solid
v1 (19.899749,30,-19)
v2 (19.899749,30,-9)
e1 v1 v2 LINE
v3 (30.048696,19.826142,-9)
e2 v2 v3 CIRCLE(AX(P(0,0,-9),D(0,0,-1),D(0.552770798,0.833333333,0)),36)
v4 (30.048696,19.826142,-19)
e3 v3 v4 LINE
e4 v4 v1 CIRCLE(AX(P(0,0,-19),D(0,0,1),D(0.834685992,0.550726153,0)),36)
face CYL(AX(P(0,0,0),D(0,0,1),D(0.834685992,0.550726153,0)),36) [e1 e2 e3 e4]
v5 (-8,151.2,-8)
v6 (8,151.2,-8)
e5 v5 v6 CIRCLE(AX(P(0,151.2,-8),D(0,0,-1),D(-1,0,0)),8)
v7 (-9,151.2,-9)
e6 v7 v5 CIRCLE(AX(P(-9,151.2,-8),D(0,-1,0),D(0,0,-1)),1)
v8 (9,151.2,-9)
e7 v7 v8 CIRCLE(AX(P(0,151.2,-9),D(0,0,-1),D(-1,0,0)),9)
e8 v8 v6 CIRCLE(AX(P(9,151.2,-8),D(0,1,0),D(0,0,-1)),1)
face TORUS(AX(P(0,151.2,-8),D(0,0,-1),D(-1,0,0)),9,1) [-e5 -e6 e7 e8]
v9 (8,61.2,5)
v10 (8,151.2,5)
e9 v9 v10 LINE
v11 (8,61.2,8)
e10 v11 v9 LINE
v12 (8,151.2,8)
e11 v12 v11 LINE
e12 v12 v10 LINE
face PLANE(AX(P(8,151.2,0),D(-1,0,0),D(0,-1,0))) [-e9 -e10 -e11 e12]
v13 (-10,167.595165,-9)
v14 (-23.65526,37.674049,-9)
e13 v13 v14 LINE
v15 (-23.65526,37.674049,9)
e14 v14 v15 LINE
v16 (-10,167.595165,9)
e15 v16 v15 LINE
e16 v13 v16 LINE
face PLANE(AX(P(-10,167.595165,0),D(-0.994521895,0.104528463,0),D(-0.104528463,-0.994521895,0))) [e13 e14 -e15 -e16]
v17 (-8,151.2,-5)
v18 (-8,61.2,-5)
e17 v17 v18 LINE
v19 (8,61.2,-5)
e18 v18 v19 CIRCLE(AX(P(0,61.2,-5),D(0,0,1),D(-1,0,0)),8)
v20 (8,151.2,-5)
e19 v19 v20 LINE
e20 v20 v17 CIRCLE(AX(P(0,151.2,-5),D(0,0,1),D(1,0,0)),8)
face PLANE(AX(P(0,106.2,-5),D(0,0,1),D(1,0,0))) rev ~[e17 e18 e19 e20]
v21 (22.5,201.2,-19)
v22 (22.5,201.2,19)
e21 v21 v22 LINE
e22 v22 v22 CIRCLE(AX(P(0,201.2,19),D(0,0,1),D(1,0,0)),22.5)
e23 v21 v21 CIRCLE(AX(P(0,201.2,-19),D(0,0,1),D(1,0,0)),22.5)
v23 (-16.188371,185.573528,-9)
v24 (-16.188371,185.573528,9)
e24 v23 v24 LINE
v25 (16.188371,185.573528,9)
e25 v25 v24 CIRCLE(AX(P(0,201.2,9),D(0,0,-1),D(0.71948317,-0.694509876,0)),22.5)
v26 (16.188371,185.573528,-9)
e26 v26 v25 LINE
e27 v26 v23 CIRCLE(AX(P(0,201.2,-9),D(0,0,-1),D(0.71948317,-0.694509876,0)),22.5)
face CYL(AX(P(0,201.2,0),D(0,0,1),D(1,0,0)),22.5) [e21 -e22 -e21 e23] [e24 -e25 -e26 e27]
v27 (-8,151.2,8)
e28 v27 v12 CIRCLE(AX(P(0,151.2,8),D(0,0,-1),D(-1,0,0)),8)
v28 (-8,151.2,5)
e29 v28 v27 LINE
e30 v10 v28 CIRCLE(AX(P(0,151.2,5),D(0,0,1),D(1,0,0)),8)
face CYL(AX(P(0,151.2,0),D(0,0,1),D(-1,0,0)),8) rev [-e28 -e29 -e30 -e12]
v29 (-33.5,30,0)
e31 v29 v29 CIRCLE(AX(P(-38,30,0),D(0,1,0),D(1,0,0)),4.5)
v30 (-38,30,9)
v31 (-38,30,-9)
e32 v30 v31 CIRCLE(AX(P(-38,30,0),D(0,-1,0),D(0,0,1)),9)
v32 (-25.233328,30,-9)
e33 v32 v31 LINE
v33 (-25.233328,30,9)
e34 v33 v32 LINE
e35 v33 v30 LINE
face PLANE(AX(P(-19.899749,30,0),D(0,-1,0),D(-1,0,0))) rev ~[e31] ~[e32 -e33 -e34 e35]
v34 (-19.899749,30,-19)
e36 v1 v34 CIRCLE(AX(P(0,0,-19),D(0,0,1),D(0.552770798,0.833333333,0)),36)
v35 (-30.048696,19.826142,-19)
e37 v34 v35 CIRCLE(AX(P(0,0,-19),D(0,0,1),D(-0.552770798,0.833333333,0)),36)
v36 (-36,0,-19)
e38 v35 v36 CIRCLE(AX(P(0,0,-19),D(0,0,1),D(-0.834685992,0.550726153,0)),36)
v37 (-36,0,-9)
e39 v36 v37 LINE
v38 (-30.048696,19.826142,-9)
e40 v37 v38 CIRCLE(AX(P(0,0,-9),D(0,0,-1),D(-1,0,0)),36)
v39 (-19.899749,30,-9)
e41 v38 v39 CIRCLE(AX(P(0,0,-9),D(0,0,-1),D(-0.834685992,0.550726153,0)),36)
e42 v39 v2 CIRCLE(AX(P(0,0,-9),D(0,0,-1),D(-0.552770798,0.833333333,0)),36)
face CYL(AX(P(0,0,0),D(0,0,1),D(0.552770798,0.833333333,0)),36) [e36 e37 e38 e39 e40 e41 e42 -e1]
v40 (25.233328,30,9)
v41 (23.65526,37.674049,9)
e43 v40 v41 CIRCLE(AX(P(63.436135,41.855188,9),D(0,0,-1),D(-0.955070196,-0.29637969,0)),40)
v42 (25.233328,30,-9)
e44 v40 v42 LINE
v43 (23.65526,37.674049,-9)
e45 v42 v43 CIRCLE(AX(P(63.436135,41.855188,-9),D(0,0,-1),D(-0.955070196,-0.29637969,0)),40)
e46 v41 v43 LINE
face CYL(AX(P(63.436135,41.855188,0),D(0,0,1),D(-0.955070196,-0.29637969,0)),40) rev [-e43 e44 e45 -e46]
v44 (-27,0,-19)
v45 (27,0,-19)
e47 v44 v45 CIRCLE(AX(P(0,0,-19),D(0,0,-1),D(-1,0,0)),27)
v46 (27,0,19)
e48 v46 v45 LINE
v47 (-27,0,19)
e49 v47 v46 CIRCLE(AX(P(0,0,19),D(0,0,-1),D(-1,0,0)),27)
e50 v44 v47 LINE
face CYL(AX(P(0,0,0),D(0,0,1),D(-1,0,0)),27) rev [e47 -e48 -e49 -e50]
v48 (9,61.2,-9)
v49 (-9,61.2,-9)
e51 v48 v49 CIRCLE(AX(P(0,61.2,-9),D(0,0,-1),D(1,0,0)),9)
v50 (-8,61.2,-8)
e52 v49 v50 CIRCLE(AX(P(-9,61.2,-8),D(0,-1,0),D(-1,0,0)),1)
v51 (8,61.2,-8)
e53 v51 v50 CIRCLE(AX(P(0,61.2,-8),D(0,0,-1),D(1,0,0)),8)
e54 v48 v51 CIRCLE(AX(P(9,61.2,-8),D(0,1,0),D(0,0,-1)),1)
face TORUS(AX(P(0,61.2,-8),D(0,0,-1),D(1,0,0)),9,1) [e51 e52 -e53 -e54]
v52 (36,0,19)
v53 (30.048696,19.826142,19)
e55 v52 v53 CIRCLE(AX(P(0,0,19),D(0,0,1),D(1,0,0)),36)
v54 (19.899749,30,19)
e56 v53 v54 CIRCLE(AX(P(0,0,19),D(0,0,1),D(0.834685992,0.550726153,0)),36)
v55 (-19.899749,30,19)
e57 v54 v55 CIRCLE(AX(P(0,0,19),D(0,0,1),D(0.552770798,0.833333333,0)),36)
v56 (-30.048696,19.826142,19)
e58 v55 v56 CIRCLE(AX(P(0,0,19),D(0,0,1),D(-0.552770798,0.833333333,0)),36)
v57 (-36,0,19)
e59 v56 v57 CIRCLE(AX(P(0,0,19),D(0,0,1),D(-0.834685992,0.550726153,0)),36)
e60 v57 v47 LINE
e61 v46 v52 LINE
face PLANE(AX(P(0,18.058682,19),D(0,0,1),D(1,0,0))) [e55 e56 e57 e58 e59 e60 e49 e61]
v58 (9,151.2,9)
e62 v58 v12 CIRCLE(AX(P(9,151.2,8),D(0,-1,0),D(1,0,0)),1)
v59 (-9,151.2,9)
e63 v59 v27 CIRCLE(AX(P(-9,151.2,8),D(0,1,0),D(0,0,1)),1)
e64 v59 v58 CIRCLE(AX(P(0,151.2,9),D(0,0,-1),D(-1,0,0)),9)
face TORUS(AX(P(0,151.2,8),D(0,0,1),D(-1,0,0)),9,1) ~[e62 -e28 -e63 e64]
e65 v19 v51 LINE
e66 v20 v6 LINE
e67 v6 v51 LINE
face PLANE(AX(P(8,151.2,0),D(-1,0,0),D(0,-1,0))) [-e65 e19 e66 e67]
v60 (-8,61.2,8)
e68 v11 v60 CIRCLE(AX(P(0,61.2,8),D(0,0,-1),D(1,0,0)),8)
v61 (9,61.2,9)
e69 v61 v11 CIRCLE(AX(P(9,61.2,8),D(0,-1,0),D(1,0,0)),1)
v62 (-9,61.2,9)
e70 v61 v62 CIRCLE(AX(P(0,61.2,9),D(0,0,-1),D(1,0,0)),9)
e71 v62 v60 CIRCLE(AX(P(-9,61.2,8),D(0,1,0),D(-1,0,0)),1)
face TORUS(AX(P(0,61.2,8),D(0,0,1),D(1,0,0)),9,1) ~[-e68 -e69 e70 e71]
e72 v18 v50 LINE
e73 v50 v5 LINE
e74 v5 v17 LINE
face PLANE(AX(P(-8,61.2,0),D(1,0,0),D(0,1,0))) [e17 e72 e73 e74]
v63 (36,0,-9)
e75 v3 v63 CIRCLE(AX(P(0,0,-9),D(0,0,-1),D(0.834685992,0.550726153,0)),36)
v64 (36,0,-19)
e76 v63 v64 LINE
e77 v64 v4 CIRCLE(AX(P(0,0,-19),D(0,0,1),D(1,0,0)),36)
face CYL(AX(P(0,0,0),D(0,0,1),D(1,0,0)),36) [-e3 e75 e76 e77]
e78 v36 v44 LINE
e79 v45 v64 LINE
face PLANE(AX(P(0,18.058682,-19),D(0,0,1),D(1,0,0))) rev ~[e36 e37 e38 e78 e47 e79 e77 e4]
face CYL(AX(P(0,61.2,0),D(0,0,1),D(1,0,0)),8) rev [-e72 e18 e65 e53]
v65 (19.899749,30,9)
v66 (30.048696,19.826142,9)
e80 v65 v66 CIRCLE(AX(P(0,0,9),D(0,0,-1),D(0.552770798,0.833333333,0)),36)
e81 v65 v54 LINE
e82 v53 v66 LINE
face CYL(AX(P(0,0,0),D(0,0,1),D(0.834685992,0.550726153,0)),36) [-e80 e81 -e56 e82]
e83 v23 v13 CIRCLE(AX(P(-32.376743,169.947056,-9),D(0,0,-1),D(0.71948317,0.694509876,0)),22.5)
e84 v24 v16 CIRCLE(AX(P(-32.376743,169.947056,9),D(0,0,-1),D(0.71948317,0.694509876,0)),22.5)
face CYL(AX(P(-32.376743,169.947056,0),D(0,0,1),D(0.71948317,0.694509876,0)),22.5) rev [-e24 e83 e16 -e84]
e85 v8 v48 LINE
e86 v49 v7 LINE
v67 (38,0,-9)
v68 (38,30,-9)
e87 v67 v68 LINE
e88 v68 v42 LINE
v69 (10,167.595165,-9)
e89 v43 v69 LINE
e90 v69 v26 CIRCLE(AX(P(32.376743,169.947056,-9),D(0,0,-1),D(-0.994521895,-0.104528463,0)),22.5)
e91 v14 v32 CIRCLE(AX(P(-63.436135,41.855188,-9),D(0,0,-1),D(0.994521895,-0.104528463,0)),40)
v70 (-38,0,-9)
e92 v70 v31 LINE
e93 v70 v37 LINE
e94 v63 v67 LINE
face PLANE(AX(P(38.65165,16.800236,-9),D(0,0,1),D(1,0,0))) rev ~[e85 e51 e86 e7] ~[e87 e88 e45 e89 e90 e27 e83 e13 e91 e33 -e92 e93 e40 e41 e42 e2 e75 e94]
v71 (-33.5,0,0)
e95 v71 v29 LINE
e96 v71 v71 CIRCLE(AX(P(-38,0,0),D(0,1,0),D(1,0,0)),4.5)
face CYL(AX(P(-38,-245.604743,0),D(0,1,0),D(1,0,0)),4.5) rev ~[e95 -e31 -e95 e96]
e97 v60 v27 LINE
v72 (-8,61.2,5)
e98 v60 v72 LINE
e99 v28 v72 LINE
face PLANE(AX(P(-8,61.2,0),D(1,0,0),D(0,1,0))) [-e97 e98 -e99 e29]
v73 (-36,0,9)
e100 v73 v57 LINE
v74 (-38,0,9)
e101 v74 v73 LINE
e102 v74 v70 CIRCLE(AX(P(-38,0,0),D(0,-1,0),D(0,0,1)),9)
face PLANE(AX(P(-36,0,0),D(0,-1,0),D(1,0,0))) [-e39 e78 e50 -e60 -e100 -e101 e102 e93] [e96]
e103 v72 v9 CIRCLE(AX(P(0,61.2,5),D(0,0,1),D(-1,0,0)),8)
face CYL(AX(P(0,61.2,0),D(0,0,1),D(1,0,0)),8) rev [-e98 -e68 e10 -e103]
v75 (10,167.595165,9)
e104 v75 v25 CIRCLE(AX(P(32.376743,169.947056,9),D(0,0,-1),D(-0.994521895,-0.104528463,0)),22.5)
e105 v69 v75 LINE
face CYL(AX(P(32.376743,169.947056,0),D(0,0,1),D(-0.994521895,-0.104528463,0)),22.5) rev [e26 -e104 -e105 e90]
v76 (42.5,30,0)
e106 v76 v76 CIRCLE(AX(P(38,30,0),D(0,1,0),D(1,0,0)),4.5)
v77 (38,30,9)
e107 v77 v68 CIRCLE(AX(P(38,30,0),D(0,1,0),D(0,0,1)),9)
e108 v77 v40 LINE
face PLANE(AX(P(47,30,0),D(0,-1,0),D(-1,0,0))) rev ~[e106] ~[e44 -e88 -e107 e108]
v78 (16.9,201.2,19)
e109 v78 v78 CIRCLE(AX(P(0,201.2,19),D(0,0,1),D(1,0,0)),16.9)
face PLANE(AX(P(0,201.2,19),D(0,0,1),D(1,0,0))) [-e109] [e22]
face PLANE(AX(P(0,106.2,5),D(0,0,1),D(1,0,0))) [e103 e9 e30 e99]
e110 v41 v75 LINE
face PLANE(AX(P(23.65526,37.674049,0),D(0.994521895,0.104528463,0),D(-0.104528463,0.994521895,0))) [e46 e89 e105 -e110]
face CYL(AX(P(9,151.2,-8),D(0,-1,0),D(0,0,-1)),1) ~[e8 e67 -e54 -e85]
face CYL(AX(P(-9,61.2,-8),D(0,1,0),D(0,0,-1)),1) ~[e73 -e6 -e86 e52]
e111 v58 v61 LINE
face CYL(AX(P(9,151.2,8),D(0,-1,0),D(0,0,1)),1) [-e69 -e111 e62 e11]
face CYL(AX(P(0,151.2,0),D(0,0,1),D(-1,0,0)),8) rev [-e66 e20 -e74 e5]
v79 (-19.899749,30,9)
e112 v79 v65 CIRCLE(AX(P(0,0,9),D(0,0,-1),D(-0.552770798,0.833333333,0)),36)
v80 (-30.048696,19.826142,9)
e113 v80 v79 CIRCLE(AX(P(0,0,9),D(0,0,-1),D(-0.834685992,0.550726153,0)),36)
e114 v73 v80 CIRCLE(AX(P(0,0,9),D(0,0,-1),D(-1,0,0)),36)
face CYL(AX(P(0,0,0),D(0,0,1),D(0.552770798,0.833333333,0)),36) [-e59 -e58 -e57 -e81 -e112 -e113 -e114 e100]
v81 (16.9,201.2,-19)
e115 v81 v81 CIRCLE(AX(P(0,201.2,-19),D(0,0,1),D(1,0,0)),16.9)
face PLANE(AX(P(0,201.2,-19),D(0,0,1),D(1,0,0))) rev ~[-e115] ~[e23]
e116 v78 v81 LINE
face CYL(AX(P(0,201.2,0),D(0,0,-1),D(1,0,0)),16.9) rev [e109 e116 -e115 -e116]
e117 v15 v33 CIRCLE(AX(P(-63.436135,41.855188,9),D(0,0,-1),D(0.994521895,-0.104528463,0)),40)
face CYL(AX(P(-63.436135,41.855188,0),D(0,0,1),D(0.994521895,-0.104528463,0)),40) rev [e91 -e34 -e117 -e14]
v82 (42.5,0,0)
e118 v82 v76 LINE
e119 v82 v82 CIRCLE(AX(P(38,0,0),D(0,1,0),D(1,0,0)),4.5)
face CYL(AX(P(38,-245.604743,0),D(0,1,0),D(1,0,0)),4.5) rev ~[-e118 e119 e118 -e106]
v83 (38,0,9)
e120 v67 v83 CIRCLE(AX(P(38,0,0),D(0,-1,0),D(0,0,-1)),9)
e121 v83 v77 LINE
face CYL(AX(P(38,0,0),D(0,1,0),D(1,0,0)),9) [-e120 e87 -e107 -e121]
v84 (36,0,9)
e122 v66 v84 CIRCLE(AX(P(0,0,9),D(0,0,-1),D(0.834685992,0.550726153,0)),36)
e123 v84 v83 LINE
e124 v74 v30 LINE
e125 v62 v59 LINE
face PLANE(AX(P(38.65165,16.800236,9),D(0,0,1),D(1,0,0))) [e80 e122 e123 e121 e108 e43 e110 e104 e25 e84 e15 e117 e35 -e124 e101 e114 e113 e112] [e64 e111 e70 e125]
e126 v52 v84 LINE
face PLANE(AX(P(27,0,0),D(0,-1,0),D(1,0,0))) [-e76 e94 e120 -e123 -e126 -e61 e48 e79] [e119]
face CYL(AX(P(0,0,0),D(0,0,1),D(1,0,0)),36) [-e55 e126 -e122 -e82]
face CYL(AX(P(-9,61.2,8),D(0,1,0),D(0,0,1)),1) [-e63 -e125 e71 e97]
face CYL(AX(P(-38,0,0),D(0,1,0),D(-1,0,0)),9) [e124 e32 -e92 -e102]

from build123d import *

# Parameters (mm, degrees)
SKETCH1_R              = 22.5
SKETCH1_R_2            = 16.9
BOSS_EXTRUDE1_DEPTH    = 19
BOSS_EXTRUDE1_2_DEPTH  = 19
BOSS_EXTRUDE2_DEPTH    = 9
BOSS_EXTRUDE3_DEPTH    = 9
FILLET1_RADIUS         = 9
FILLET1_LENGTH         = 30
FILLET2_RADIUS         = 9
FILLET2_LENGTH         = 30
BOSS_EXTRUDE4_DEPTH    = 5
FILLET3_R              = 1
M10X1_5_TAPPED_HOLE1_D = 9


with BuildPart() as part:
    # Sketch1 → Boss-Extrude1 (new, symmetric)
    with BuildSketch(Plane.XY):
        with Locations((0, 201.2)):
            Circle(SKETCH1_R)
        with Locations((0, 201.2)):
            Circle(SKETCH1_R_2, mode=Mode.SUBTRACT)
    extrude(amount=BOSS_EXTRUDE1_DEPTH, both=True)



with BuildPart() as body_2:
    # Sketch1 → Boss-Extrude1 2 (new, symmetric)
    with BuildSketch(Plane.XY):
        with BuildLine():
            ThreePointArc((30.048695698, 19.826141501), (25.487028558, 25.424621439), (19.899748742, 30))
            ThreePointArc((19.899748742, 30), (0, 36), (-19.899748742, 30))
            ThreePointArc((-19.899748742, 30), (-25.487028558, 25.424621439), (-30.048695698, 19.826141501))
            ThreePointArc((-30.048695698, 19.826141501), (-34.480088784, 10.350047219), (-36, 0))
            Line((-36, 0), (-27, 0))
            ThreePointArc((-27, 0), (0, 27), (27, 0))
            Line((27, 0), (36, 0))
            ThreePointArc((36, 0), (34.480088784, 10.350047219), (30.048695698, 19.826141501))
        make_face()
    extrude(amount=BOSS_EXTRUDE1_2_DEPTH, both=True)


with BuildPart() as part_1:
    add(part.part)

    add(body_2.part)  # Boss-Extrude2 merges body 2
    # Sketch1<3> → Boss-Extrude2 (add, symmetric)
    with BuildSketch(Plane.XY):
        with BuildLine():
            Line((23.655259549, 37.674049083), (10, 167.595165145))
            ThreePointArc((10, 167.595165145), (11.1018188, 177.270143397), (16.188371323, 185.573527784))
            ThreePointArc((16.188371323, 185.573527784), (0, 178.7), (-16.188371323, 185.573527784))
            ThreePointArc((-16.188371323, 185.573527784), (-11.1018188, 177.270143397), (-10, 167.595165145))
            Line((-10, 167.595165145), (-23.655259549, 37.674049083))
            ThreePointArc((-23.655259549, 37.674049083), (-24.2559556, 33.798295304), (-25.233327526, 30))
            Line((-25.233327526, 30), (-19.899748742, 30))
            ThreePointArc((-19.899748742, 30), (0, 36), (19.899748742, 30))
            Line((19.899748742, 30), (25.233327526, 30))
            ThreePointArc((25.233327526, 30), (24.2559556, 33.798295304), (23.655259549, 37.674049083))
        make_face()
        with BuildLine():
            ThreePointArc((-8, 151.2), (0, 159.2), (8, 151.2))
            Line((8, 151.2), (8, 61.2))
            ThreePointArc((8, 61.2), (0, 53.2), (-8, 61.2))
            Line((-8, 61.2), (-8, 151.2))
        make_face(mode=Mode.SUBTRACT)
    extrude(amount=BOSS_EXTRUDE2_DEPTH, both=True)

    # Sketch1<4> → Boss-Extrude3 (add, symmetric)
    with BuildSketch(Plane.XY):
        with BuildLine():
            Line((47, 30), (25.233327526, 30))
            ThreePointArc((25.233327526, 30), (27.281360664, 24.742845095), (30.048695698, 19.826141501))
            ThreePointArc((30.048695698, 19.826141501), (34.480088784, 10.350047219), (36, 0))
            Line((36, 0), (47, 0))
            Line((47, 0), (47, 30))
        make_face()
        with BuildLine():
            ThreePointArc((30.048695698, 19.826141501), (27.281360664, 24.742845095), (25.233327526, 30))
            Line((25.233327526, 30), (19.899748742, 30))
            ThreePointArc((19.899748742, 30), (25.487028558, 25.424621439), (30.048695698, 19.826141501))
        make_face()
        with BuildLine():
            ThreePointArc((-30.048695698, 19.826141501), (-25.487028558, 25.424621439), (-19.899748742, 30))
            Line((-19.899748742, 30), (-25.233327526, 30))
            ThreePointArc((-25.233327526, 30), (-27.281360664, 24.742845095), (-30.048695698, 19.826141501))
        make_face()
        with BuildLine():
            ThreePointArc((-30.048695698, 19.826141501), (-27.281360664, 24.742845095), (-25.233327526, 30))
            Line((-25.233327526, 30), (-47, 30))
            Line((-47, 30), (-47, 0))
            Line((-47, 0), (-36, 0))
            ThreePointArc((-36, 0), (-34.480088784, 10.350047219), (-30.048695698, 19.826141501))
        make_face()
    extrude(amount=BOSS_EXTRUDE3_DEPTH, both=True)

    # Fillet1: full round fillet: the end face becomes a half cylinder, R = half its width
    fillet1_face = Plane((-47, 15, 0), x_dir=(0, 1, 0), z_dir=(-1, 0, 0))  # on the end face: x along it, z out of the body
    fillet1_slab = fillet1_face.offset(-FILLET1_RADIUS / 2) * Box(FILLET1_LENGTH, 2 * FILLET1_RADIUS, FILLET1_RADIUS, mode=Mode.PRIVATE)  # the body's end, R deep
    fillet1_round = Plane((-38, 15, 0), x_dir=(-1, 0, 0), z_dir=(0, 1, 0)) * Cylinder(FILLET1_RADIUS, FILLET1_LENGTH, mode=Mode.PRIVATE)  # its axis R under the face
    add(fillet1_slab - fillet1_round, mode=Mode.SUBTRACT)

    # Fillet2: full round fillet: the end face becomes a half cylinder, R = half its width
    fillet2_face = Plane((47, 15, 0), x_dir=(0, 1, 0), z_dir=(1, 0, 0))  # on the end face: x along it, z out of the body
    fillet2_slab = fillet2_face.offset(-FILLET2_RADIUS / 2) * Box(FILLET2_LENGTH, 2 * FILLET2_RADIUS, FILLET2_RADIUS, mode=Mode.PRIVATE)  # the body's end, R deep
    fillet2_round = Plane((38, 15, 0), x_dir=(1, 0, 0), z_dir=(0, 1, 0)) * Cylinder(FILLET2_RADIUS, FILLET2_LENGTH, mode=Mode.PRIVATE)  # its axis R under the face
    add(fillet2_slab - fillet2_round, mode=Mode.SUBTRACT)

    # Sketch1<5> → Boss-Extrude4 (add, symmetric)
    with BuildSketch(Plane.XY):
        with BuildLine():
            Line((-8, 151.2), (-8, 61.2))
            ThreePointArc((-8, 61.2), (0, 53.2), (8, 61.2))
            Line((8, 61.2), (8, 151.2))
            ThreePointArc((8, 151.2), (0, 159.2), (-8, 151.2))
        make_face()
    extrude(amount=BOSS_EXTRUDE4_DEPTH, both=True)

    # Fillet3
    fillet3_edges = [part_1.edges().sort_by_distance(p)[0] for p in [
        (0, 53.2, 9),
        (-8, 106.2, 9),
        (0, 159.2, 9),
        (8, 106.2, -9),
        (8, 106.2, 9),
        (0, 53.2, -9),
        (0, 159.2, -9),
        (-8, 106.2, -9),
    ]]
    fillet(fillet3_edges, radius=FILLET3_R)

    # M10x1.5 Tapped Hole1 (through all)
    with Locations(Plane(origin=(0, 0, 0), x_dir=(-1, 0, 0), z_dir=(0, -1, 0))):
        with Locations((-38, 0), (38, 0)):
            Hole(M10X1_5_TAPPED_HOLE1_D / 2)


solid = part_1.part
